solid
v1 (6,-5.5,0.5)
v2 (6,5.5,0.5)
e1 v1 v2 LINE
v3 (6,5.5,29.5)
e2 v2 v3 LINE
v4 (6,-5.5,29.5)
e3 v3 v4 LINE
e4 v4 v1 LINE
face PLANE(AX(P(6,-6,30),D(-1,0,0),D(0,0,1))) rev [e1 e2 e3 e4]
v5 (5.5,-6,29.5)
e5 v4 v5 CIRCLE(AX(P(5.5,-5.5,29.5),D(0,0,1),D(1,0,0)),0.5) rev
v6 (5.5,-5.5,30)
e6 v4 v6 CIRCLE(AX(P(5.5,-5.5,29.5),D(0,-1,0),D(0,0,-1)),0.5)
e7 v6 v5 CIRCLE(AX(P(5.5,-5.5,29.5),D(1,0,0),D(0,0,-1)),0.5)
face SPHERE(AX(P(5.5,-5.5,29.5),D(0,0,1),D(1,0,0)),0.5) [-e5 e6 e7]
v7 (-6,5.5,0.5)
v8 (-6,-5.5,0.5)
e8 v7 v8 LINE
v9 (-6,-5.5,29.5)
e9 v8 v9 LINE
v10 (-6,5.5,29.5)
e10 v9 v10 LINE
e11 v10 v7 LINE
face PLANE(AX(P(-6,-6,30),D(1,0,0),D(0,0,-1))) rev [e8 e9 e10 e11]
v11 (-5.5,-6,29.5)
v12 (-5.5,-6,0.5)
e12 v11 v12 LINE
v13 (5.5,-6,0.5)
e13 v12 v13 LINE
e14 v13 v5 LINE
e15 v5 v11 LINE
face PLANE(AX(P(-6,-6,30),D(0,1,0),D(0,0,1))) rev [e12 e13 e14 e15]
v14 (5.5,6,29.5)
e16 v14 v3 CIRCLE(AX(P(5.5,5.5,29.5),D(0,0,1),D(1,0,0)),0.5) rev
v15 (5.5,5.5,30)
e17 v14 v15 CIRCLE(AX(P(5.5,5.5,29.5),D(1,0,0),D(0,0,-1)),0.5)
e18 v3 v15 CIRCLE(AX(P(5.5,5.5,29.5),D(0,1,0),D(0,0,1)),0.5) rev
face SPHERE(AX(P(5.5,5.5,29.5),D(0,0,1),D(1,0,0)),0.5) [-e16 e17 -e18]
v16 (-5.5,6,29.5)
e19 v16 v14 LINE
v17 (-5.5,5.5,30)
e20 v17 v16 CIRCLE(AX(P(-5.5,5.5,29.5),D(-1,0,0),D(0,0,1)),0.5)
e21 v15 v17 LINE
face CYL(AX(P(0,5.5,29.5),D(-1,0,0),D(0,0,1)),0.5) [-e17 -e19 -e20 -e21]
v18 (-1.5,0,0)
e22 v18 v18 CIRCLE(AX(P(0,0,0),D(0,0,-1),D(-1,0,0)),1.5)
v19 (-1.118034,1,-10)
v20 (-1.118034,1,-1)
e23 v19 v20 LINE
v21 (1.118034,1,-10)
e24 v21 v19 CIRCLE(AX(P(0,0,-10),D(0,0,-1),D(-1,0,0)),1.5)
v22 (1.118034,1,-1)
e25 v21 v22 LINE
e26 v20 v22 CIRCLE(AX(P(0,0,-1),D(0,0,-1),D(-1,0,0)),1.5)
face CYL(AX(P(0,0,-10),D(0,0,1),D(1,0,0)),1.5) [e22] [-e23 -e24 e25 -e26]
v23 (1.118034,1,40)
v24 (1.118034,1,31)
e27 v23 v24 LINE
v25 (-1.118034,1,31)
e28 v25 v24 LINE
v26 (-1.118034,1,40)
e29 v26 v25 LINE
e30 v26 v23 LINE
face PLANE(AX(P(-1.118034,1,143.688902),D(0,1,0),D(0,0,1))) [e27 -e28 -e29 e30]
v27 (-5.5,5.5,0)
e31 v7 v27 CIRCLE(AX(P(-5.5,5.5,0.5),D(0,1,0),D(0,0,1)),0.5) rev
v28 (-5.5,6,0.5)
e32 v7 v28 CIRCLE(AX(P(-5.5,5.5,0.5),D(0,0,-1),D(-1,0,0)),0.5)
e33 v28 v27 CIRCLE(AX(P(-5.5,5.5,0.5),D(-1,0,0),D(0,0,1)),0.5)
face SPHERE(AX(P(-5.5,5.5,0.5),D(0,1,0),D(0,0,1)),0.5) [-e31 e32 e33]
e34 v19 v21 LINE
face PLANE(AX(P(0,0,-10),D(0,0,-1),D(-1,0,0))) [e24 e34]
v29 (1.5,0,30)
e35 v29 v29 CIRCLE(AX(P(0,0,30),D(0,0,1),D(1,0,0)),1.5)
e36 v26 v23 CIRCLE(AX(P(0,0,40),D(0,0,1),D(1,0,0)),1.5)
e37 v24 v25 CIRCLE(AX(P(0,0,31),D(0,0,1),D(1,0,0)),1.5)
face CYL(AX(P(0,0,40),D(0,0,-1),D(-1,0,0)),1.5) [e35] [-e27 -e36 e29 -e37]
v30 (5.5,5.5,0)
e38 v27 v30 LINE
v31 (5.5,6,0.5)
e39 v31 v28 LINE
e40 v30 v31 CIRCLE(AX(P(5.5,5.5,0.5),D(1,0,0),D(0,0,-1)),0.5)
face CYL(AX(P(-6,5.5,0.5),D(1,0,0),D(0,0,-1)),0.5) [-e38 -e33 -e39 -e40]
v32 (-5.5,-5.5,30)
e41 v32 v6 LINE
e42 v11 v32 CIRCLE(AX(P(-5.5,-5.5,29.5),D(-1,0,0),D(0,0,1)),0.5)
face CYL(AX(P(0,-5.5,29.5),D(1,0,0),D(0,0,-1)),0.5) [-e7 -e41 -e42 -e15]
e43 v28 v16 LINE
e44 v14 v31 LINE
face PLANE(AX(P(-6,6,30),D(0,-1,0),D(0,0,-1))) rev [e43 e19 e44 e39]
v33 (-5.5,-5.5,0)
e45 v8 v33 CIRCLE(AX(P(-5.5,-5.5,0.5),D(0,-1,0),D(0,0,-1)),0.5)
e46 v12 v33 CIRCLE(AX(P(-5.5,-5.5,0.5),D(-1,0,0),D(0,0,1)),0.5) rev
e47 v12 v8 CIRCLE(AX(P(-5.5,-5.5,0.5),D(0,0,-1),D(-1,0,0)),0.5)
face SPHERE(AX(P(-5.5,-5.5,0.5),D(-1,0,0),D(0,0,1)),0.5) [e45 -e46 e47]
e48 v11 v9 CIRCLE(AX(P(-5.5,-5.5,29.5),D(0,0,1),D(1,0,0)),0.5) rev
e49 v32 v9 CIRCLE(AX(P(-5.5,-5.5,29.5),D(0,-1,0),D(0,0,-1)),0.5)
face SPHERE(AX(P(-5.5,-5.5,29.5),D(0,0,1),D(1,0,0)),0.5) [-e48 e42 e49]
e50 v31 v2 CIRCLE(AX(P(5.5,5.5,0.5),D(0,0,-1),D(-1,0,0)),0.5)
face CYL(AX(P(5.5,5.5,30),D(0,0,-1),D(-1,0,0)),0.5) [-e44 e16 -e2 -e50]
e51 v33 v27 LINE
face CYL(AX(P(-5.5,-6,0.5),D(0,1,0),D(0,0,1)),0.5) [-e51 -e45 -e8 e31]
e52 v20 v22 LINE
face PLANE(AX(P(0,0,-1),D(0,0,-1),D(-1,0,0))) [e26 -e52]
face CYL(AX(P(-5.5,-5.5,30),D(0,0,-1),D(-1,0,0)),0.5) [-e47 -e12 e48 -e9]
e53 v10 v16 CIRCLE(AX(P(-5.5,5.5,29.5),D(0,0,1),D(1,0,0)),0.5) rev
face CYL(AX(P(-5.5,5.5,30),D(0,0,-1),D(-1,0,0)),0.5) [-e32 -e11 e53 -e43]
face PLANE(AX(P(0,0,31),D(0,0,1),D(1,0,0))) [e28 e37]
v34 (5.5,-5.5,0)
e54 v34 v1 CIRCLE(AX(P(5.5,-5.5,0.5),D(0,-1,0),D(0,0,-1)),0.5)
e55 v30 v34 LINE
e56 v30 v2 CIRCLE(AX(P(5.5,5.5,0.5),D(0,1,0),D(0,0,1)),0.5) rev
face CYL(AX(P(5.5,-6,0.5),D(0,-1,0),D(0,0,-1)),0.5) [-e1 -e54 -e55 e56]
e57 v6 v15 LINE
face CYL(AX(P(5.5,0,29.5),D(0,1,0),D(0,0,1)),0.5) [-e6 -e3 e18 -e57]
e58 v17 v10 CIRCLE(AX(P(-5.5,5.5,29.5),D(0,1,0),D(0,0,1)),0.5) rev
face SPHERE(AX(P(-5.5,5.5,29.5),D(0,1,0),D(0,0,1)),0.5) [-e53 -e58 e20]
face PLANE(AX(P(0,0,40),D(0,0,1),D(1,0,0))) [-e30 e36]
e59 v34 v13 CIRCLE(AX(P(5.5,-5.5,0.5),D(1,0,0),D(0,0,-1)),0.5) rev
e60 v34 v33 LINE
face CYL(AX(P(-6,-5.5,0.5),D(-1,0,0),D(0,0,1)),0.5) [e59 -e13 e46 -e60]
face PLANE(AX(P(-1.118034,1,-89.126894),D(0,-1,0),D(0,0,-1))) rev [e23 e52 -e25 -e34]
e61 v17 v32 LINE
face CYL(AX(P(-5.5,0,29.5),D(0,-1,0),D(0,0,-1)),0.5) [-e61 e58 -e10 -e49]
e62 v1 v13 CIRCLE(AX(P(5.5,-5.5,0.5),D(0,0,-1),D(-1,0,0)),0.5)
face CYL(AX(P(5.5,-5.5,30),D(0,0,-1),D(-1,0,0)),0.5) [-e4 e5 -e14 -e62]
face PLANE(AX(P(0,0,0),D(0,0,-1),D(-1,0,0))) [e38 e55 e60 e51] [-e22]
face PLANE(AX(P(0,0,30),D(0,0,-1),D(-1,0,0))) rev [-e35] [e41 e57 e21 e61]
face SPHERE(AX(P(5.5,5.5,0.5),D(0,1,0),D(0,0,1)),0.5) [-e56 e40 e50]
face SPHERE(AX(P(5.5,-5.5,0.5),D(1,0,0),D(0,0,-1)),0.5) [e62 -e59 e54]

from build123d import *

# Parameters (mm, degrees)
SKETCH_1_W               = 12
SKETCH_1_H               = 12
EXTRUDE_1_DEPTH          = 30
SKETCH_2_R               = 1.5
EXTRUDE_2_DEPTH          = 10
FILLET_1_R               = 0.5
CUT_EXTRUDE_1_DEPTH      = 1
CUT_EXTRUDE_1_DEPTH_BACK = 9
SKETCH_4_R               = 1.5
EXTRUDE_3_DEPTH          = 10
CUT_EXTRUDE_3_DEPTH      = 1
CUT_EXTRUDE_3_DEPTH_BACK = 9


with BuildPart() as part:
    # 草图1 → 凸台-拉伸1 (new body)
    with BuildSketch(Plane.XY):
        Rectangle(SKETCH_1_W, SKETCH_1_H)
    extrude(amount=EXTRUDE_1_DEPTH)

    # 草图2 → 凸台-拉伸2 (add)
    with BuildSketch(Plane.XY.offset(30)):
        Circle(SKETCH_2_R)
    extrude(amount=EXTRUDE_2_DEPTH)

    # 圆角1
    fillet_1_edges = [part.edges().sort_by_distance(p)[0] for p in [
        (-6, 0, 30),
        (0, -6, 30),
        (6, 0, 30),
        (0, -6, 0),
        (-6, 0, 0),
        (0, 6, 0),
        (6, 0, 0),
        (6, -6, 15),
        (-6, -6, 15),
        (-6, 6, 15),
        (6, 6, 15),
        (0, 6, 30),
    ]]
    fillet(fillet_1_edges, radius=FILLET_1_R)

    # 草图3 → 切除-拉伸1 (cut, two sides)
    with BuildSketch(Plane.XY.offset(40)) as cut_extrude_1_sk:
        Polygon((-31.084646908, 1), (-1.118033989, 1), (1.118033989, 1), (31.084646908, 1), (31.084646908, 60.933225838), (-31.084646908, 60.933225838), align=None)
    extrude(amount=CUT_EXTRUDE_1_DEPTH, mode=Mode.SUBTRACT)
    extrude(cut_extrude_1_sk.sketch, amount=-CUT_EXTRUDE_1_DEPTH_BACK, mode=Mode.SUBTRACT)

    # 草图4 → 凸台-拉伸3 (add)
    with BuildSketch(Plane(origin=(0, 0, 0), x_dir=(-1, 0, 0), z_dir=(0, 0, -1))):
        Circle(SKETCH_4_R)
    extrude(amount=EXTRUDE_3_DEPTH)

    # 草图5 → 切除-拉伸3 (cut, two sides)
    with BuildSketch(Plane(origin=(0, 0, -10), x_dir=(-1, 0, 0), z_dir=(0, 0, -1))) as cut_extrude_3_sk:
        Polygon((31.084646908, 1), (1.118033989, 1), (-1.118033989, 1), (-31.084646908, 1), (-31.084646908, 60.933225838), (31.084646908, 60.933225838), align=None)
    extrude(amount=CUT_EXTRUDE_3_DEPTH, mode=Mode.SUBTRACT)
    extrude(cut_extrude_3_sk.sketch, amount=-CUT_EXTRUDE_3_DEPTH_BACK, mode=Mode.SUBTRACT)


solid = part.part
